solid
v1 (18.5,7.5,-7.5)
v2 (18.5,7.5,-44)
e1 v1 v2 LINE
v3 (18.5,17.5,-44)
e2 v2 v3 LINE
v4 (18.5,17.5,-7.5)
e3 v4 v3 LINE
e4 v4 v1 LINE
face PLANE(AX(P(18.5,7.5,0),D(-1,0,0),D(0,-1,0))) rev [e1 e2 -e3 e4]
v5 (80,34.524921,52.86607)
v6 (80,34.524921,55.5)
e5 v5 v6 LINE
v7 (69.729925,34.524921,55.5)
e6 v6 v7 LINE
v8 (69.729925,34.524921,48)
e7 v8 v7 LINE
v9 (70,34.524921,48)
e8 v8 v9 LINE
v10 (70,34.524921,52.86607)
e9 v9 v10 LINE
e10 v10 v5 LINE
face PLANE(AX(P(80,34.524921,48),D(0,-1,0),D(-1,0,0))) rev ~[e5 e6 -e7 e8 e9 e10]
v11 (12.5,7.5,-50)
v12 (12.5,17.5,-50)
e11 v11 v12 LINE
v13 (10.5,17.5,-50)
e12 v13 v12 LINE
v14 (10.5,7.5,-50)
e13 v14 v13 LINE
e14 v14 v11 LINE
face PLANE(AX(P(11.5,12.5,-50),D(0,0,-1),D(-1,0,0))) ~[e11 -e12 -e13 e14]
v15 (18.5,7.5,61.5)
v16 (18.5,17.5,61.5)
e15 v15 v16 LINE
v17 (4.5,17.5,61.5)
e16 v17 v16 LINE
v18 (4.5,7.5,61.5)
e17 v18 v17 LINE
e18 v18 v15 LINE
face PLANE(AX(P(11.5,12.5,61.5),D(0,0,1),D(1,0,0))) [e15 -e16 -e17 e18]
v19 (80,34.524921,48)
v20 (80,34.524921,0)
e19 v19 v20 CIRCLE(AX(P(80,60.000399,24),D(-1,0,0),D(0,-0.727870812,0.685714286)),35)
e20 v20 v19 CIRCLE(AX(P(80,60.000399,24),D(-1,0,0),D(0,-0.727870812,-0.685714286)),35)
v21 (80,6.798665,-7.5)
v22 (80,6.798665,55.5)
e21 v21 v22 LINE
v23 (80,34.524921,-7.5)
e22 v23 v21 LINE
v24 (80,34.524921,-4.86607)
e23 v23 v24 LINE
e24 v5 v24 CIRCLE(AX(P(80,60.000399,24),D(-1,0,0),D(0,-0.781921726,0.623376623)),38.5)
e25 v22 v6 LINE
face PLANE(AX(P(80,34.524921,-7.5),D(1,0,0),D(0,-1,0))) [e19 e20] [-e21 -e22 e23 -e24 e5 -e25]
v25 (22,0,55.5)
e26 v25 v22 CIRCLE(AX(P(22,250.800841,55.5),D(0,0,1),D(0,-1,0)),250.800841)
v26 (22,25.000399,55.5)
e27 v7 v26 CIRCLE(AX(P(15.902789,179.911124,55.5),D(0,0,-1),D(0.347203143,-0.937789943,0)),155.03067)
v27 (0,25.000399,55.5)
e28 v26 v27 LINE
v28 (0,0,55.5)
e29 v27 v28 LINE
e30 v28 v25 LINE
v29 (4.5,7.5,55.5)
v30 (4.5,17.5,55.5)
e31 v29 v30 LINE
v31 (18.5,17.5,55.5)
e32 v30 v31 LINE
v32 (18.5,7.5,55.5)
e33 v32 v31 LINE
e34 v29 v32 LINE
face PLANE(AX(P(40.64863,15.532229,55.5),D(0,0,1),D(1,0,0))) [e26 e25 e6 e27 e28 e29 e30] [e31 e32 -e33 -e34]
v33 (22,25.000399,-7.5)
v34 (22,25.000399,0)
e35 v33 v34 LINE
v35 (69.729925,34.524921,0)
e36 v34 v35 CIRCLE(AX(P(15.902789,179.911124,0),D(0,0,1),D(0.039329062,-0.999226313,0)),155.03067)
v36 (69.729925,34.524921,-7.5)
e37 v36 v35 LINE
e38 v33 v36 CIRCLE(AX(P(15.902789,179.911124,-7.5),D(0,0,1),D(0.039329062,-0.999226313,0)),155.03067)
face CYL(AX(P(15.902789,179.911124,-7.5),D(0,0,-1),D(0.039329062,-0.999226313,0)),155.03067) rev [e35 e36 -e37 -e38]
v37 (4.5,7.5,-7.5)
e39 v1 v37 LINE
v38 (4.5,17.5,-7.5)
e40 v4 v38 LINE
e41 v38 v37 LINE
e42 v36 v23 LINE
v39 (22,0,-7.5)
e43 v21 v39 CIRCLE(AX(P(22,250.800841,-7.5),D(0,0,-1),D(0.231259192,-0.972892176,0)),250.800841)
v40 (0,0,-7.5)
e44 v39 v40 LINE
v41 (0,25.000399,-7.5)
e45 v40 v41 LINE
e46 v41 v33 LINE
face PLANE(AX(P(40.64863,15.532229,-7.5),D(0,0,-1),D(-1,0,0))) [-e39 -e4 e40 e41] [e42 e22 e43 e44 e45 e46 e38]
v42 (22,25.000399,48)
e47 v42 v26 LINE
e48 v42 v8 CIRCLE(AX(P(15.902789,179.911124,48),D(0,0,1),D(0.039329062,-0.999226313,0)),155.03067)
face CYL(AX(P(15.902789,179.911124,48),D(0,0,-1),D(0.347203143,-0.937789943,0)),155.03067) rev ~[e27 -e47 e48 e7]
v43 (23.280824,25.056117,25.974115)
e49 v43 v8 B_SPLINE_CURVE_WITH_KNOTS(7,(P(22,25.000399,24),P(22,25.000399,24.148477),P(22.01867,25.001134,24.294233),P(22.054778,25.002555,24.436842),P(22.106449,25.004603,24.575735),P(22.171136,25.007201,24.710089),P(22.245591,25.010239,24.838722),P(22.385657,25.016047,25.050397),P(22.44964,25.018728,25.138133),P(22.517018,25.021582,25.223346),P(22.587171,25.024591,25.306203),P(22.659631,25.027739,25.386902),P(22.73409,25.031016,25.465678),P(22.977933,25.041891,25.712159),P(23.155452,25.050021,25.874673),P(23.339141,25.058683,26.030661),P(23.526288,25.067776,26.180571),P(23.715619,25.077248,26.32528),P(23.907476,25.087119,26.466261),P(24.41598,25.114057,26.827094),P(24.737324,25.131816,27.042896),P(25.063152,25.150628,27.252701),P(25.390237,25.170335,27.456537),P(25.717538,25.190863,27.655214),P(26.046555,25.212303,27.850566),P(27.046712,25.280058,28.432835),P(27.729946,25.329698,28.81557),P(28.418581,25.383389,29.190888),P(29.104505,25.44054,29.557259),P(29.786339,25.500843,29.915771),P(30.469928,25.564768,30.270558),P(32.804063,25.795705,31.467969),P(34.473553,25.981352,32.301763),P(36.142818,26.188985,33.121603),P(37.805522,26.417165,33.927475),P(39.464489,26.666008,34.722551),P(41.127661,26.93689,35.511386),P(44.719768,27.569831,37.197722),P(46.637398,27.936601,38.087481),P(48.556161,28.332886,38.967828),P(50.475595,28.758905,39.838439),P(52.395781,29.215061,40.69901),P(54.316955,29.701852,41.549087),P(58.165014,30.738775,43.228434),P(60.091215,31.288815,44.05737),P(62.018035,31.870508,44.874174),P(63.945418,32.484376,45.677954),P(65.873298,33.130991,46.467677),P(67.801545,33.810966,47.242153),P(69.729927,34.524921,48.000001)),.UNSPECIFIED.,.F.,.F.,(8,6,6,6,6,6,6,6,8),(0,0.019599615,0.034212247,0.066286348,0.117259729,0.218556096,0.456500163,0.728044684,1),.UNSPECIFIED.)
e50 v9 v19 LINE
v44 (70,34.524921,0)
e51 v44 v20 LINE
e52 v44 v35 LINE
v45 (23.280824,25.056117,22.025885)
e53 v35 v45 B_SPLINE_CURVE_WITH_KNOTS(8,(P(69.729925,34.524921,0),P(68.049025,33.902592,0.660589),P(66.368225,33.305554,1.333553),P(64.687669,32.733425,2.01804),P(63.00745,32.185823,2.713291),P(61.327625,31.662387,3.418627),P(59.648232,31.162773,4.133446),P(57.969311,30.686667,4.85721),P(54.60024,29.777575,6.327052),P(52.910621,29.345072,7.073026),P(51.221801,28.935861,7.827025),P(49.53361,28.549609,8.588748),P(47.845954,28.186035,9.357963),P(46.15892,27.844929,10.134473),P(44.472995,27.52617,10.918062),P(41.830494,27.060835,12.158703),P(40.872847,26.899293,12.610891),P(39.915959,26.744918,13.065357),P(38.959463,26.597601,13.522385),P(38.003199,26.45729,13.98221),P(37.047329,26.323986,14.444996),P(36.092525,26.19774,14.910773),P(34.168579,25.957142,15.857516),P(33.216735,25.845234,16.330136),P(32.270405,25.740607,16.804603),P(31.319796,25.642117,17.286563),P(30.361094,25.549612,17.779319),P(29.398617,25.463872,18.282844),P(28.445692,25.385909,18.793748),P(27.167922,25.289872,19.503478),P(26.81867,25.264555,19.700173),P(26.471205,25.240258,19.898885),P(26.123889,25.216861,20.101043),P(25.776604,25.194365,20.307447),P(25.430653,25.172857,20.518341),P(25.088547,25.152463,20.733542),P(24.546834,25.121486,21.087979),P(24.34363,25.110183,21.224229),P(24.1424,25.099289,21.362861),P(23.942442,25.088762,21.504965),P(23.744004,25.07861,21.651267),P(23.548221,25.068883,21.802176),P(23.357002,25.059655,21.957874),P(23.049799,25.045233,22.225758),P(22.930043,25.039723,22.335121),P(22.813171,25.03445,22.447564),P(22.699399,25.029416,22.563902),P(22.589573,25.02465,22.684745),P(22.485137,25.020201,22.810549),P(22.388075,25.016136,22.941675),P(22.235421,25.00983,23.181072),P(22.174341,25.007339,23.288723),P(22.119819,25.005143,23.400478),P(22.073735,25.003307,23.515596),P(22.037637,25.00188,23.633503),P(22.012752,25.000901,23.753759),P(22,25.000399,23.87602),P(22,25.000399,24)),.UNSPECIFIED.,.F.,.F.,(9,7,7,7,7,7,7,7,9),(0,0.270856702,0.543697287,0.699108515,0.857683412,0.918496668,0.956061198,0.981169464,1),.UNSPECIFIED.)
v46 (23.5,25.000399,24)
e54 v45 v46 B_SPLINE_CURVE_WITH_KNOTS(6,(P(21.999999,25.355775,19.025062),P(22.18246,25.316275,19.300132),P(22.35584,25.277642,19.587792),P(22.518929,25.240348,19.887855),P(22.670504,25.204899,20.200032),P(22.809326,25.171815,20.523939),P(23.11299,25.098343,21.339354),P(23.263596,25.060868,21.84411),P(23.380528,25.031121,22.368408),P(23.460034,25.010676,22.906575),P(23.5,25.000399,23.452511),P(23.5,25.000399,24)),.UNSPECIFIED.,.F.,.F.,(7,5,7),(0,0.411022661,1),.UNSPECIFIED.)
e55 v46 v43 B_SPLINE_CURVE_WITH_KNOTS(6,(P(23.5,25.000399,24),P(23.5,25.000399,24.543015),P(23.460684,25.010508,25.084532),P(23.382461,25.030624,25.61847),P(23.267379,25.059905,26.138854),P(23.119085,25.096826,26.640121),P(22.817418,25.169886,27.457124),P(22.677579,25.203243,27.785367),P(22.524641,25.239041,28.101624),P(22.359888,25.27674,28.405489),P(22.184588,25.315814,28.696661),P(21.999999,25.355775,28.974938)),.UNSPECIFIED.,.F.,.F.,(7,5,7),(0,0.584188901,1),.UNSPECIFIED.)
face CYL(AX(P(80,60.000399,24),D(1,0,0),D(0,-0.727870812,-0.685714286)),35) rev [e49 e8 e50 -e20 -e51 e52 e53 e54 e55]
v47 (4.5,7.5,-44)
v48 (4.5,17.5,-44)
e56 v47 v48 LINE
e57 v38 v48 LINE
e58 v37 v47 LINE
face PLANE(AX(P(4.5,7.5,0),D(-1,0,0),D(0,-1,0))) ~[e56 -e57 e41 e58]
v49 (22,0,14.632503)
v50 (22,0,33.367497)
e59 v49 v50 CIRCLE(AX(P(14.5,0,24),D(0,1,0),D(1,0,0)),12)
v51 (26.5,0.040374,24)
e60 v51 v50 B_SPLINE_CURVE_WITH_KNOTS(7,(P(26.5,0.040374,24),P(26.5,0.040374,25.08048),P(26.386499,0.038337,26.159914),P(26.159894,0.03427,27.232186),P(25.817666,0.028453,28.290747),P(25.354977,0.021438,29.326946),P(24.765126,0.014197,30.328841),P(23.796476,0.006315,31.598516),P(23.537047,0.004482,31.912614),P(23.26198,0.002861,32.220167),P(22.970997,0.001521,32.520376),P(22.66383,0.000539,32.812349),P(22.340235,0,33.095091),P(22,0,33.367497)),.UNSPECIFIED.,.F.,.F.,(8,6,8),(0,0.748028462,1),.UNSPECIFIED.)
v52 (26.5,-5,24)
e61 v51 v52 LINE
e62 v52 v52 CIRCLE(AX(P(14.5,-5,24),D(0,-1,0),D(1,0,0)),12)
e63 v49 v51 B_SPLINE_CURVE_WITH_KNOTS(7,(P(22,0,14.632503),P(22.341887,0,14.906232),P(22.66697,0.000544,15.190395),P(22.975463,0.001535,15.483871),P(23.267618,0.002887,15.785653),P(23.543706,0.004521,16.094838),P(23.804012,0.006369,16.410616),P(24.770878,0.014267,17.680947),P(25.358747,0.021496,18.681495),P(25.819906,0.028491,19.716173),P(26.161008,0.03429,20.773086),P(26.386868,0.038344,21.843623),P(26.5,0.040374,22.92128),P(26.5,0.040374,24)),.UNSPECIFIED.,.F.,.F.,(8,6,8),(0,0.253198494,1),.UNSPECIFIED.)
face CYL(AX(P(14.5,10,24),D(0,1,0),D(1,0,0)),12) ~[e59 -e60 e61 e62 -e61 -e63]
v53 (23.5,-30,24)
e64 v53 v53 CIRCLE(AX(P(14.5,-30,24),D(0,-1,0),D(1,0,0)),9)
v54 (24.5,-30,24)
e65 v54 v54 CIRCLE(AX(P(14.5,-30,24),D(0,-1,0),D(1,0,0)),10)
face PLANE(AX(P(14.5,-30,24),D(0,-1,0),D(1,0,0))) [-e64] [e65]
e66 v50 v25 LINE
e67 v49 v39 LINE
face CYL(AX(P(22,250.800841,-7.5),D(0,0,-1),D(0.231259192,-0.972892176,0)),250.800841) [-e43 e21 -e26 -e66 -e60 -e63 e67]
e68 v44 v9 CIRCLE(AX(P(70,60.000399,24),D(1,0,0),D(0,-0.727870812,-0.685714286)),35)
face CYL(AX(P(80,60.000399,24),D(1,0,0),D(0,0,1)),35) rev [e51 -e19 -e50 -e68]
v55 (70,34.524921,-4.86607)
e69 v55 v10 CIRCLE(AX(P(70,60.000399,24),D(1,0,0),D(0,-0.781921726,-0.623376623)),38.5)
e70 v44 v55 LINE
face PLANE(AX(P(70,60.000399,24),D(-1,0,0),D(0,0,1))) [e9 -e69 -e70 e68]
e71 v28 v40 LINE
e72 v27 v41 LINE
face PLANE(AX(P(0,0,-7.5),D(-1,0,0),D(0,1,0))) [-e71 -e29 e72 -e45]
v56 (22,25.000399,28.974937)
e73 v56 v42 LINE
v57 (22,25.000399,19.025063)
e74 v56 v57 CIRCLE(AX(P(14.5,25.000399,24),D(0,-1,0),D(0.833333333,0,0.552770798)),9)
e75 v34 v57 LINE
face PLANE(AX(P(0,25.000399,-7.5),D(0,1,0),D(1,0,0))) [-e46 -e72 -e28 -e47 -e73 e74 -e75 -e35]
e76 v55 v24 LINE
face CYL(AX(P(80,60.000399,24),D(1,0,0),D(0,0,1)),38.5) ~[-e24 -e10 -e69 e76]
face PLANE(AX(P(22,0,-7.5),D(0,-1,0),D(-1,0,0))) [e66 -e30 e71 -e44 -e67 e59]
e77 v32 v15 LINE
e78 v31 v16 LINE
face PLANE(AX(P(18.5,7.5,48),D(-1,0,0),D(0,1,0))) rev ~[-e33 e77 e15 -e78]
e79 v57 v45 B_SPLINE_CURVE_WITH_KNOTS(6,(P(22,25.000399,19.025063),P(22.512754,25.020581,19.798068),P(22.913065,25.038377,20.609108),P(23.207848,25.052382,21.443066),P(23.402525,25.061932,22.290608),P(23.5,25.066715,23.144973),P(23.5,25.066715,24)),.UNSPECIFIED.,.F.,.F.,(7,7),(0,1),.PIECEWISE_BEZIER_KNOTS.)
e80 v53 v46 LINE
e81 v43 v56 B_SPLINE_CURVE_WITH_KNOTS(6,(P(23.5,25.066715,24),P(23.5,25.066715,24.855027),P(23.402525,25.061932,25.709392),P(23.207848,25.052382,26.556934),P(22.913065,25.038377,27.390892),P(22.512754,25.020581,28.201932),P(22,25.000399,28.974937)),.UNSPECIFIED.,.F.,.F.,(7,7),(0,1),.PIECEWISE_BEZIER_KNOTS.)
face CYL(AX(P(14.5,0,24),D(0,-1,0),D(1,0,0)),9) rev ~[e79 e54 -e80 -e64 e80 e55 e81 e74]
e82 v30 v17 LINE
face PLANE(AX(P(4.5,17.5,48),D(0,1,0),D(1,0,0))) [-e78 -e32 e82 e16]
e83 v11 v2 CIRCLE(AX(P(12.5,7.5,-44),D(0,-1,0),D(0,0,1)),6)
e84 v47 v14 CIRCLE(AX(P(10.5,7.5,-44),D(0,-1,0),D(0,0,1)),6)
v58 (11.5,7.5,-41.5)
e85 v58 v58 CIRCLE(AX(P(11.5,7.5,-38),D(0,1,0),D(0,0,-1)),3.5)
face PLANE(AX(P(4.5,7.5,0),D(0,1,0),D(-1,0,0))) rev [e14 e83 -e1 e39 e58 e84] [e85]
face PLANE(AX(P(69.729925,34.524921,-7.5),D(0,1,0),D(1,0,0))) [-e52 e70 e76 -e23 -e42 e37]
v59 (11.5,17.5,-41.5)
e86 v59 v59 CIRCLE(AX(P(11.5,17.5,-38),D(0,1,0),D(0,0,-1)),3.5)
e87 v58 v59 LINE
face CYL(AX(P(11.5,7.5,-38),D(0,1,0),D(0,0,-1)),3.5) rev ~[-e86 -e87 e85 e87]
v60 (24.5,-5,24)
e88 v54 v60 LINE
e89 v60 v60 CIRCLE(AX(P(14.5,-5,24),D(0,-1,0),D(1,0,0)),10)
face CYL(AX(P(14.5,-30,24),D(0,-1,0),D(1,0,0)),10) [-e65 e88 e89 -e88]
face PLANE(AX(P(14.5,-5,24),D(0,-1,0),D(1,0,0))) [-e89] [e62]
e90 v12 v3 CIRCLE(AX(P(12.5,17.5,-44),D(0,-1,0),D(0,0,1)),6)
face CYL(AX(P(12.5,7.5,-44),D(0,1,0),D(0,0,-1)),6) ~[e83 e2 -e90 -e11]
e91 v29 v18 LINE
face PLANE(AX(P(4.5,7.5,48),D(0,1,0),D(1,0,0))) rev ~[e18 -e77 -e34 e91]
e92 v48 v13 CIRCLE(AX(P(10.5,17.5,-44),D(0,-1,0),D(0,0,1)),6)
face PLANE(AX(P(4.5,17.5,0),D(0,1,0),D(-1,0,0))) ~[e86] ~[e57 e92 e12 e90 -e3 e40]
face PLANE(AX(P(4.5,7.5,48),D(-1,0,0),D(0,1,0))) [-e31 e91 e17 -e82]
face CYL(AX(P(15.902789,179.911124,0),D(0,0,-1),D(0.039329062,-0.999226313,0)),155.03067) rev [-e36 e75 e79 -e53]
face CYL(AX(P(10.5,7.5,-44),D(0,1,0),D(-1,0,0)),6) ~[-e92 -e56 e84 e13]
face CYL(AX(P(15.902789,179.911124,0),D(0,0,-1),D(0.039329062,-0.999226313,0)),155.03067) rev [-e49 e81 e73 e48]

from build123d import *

# Parameters (mm, degrees)
BOSS_EXTRUDE1_DEPTH      = 48
SKETCH2_W                = 14
SKETCH2_H                = 10
BOSS_EXTRUDE2_DEPTH      = 50
FILLET1_R                = 6
SKETCH7_R                = 38.5
SKETCH7_R_2              = 35
BOSS_EXTRUDE3_DEPTH      = 10
SKETCH8_R                = 35
CUT_EXTRUDE2_DEPTH       = 90
BOSS_EXTRUDE4_DEPTH      = 5
BOSS_EXTRUDE4_DEPTH_BACK = 10
SKETCH10_R               = 12
SKETCH10_R_2             = 9
BOSS_EXTRUDE5_START      = 25
SKETCH11_R               = 10
SKETCH11_R_2             = 9
BOSS_EXTRUDE5_DEPTH      = 25
SKETCH12_R               = 9
CUT_EXTRUDE3_DEPTH       = 42
BOSS_EXTRUDE6_DEPTH      = 7.5
BOSS_EXTRUDE7_START      = 7.5
BOSS_EXTRUDE7_DEPTH      = 7.5
FILLET1_OF_MIRROR1_R     = 6
SKETCH15_W               = 14
SKETCH15_H               = 10
CUT_EXTRUDE4_DEPTH       = 101


with BuildPart() as part:
    # Sketch1 → Boss-Extrude1 (new body)
    with BuildSketch(Plane.XY):
        with BuildLine():
            Line((0, 0), (0, 25.00039893))
            Line((0, 25.00039893), (22, 25.00039893))
            ThreePointArc((22, 25.00039893), (51.667114877, 29.062120939), (80, 38.751440389))
            Line((80, 38.751440389), (80, 6.798665084))
            ThreePointArc((80, 6.798665084), (51.198552391, 1.705464917), (22, 0))
            Line((22, 0), (0, 0))
        make_face()
    extrude(amount=BOSS_EXTRUDE1_DEPTH)

    # Sketch2 → Boss-Extrude2 (add)
    with BuildSketch(Plane.XY.offset(48)):
        with Locations((11.5, 12.5)):
            Rectangle(SKETCH2_W, SKETCH2_H)
    boss_extrude2 = extrude(amount=BOSS_EXTRUDE2_DEPTH)

    # Sketch5 → M8x1.0 Tapped Hole1 (revolve, cut)
    with BuildSketch(Plane(origin=(11.5, 17.5, 86), x_dir=(0, 0, 1), z_dir=(1, 0, 0))):
        Polygon((0, 0), (0, 12.103012167), (3.5, 10), (3.5, 0), align=None)
    m8x1_0_tapped_hole1 = revolve(axis=Axis((11.5, 23.85, 86), (0, -1, 0)), mode=Mode.SUBTRACT)

    # Fillet1
    fillet1_edges = [part.edges().sort_by_distance(p)[0] for p in [
        (18.5, 12.5, 98),
        (4.5, 12.5, 98),
    ]]
    fillet(fillet1_edges, radius=FILLET1_R)

    # Sketch7 → Boss-Extrude3 (add)
    with BuildSketch(Plane.ZY.offset(-80)):
        with Locations((24, 60.00039893)):
            Circle(SKETCH7_R)
        with Locations((24, 60.00039893)):
            Circle(SKETCH7_R_2, mode=Mode.SUBTRACT)
    extrude(amount=BOSS_EXTRUDE3_DEPTH)

    # Sketch8 → Cut-Extrude2 (cut)
    with BuildSketch(Plane.ZY.offset(-80)):
        with Locations(Location((24, 60.00039893, 0), (0, 0, 226.708192407))):
            Circle(SKETCH8_R)
    extrude(amount=CUT_EXTRUDE2_DEPTH, mode=Mode.SUBTRACT)

    # Sketch10 → Boss-Extrude4 (add, two sides: drawn at the far end of the back side and taken through both)
    with BuildSketch(Plane.XZ.offset(-BOSS_EXTRUDE4_DEPTH_BACK)):
        with Locations((14.5, 24)):
            Circle(SKETCH10_R)
        with Locations((14.5, 24)):
            Circle(SKETCH10_R_2, mode=Mode.SUBTRACT)
    extrude(amount=BOSS_EXTRUDE4_DEPTH + BOSS_EXTRUDE4_DEPTH_BACK)

    # Sketch11 → Boss-Extrude5 (add)
    with BuildSketch(Plane.XZ.offset(5).offset(BOSS_EXTRUDE5_START)):
        with Locations((14.5, 24)):
            Circle(SKETCH11_R)
        with Locations((14.5, 24)):
            Circle(SKETCH11_R_2, mode=Mode.SUBTRACT)
    extrude(amount=-BOSS_EXTRUDE5_DEPTH)

    # Sketch12 → Cut-Extrude3 (cut)
    with BuildSketch(Plane(origin=(0, 0, 0), x_dir=(-1, 0, 0), z_dir=(0, -1, 0))):
        with Locations(Location((-14.5, -24, 0), (0, 0, 180))):
            Circle(SKETCH12_R)
    extrude(amount=-CUT_EXTRUDE3_DEPTH, mode=Mode.SUBTRACT)

    # Sketch13 → Boss-Extrude6 (add)
    with BuildSketch(Plane.XY.offset(48)):
        with BuildLine():
            Line((0, 25.00039893), (0, 0))
            Line((0, 0), (22, 0))
            ThreePointArc((22, 0), (51.198552391, 1.705464917), (80, 6.798665084))
            Line((80, 6.798665084), (80, 29.896412483))
            Line((80, 29.896412483), (80, 34.524920524))
            Line((80, 34.524920524), (70, 34.524920524))
            Line((70, 34.524920524), (69.729925021, 34.524920524))
            ThreePointArc((69.729925021, 34.524920524), (46.24106465, 27.877911315), (22, 25.00039893))
            Line((22, 25.00039893), (0, 25.00039893))
        make_face()
    extrude(amount=BOSS_EXTRUDE6_DEPTH)

    # Sketch14 → Boss-Extrude7 (add)
    with BuildSketch(Plane(origin=(0, 0, 0), x_dir=(-1, 0, 0), z_dir=(0, 0, -1)).offset(BOSS_EXTRUDE7_START)):
        with BuildLine():
            Line((-80, 29.896412483), (-80, 6.798665084))
            ThreePointArc((-80, 6.798665084), (-51.198552391, 1.705464917), (-22, 0))
            Line((-22, 0), (0, 0))
            Line((0, 0), (0, 25.00039893))
            Line((0, 25.00039893), (-22, 25.00039893))
            ThreePointArc((-22, 25.00039893), (-46.24106465, 27.877911315), (-69.729925021, 34.524920524))
            Line((-69.729925021, 34.524920524), (-70, 34.524920524))
            Line((-70, 34.524920524), (-80, 34.524920524))
            Line((-80, 34.524920524), (-80, 29.896412483))
        make_face()
    extrude(amount=-BOSS_EXTRUDE7_DEPTH)

    # Mirror1: Boss-Extrude2, M8x1.0 Tapped Hole1 across plane
    add(boss_extrude2.mirror(Plane.XY.offset(24)))
    add(m8x1_0_tapped_hole1.mirror(Plane.XY.offset(24)), mode=Mode.SUBTRACT)

    # Fillet1 of Mirror1
    fillet1_of_mirror1_edges = [part.edges().sort_by_distance(p)[0] for p in [
        (18.5, 12.5, -50),
        (4.5, 12.5, -50),
    ]]
    fillet(fillet1_of_mirror1_edges, radius=FILLET1_OF_MIRROR1_R)

    # Sketch15 → Cut-Extrude4 (cut)
    with BuildSketch(Plane.XY.offset(61.5)):
        with Locations((11.5, 12.5)):
            Rectangle(SKETCH15_W, SKETCH15_H)
    extrude(amount=CUT_EXTRUDE4_DEPTH, mode=Mode.SUBTRACT)


solid = part.part
